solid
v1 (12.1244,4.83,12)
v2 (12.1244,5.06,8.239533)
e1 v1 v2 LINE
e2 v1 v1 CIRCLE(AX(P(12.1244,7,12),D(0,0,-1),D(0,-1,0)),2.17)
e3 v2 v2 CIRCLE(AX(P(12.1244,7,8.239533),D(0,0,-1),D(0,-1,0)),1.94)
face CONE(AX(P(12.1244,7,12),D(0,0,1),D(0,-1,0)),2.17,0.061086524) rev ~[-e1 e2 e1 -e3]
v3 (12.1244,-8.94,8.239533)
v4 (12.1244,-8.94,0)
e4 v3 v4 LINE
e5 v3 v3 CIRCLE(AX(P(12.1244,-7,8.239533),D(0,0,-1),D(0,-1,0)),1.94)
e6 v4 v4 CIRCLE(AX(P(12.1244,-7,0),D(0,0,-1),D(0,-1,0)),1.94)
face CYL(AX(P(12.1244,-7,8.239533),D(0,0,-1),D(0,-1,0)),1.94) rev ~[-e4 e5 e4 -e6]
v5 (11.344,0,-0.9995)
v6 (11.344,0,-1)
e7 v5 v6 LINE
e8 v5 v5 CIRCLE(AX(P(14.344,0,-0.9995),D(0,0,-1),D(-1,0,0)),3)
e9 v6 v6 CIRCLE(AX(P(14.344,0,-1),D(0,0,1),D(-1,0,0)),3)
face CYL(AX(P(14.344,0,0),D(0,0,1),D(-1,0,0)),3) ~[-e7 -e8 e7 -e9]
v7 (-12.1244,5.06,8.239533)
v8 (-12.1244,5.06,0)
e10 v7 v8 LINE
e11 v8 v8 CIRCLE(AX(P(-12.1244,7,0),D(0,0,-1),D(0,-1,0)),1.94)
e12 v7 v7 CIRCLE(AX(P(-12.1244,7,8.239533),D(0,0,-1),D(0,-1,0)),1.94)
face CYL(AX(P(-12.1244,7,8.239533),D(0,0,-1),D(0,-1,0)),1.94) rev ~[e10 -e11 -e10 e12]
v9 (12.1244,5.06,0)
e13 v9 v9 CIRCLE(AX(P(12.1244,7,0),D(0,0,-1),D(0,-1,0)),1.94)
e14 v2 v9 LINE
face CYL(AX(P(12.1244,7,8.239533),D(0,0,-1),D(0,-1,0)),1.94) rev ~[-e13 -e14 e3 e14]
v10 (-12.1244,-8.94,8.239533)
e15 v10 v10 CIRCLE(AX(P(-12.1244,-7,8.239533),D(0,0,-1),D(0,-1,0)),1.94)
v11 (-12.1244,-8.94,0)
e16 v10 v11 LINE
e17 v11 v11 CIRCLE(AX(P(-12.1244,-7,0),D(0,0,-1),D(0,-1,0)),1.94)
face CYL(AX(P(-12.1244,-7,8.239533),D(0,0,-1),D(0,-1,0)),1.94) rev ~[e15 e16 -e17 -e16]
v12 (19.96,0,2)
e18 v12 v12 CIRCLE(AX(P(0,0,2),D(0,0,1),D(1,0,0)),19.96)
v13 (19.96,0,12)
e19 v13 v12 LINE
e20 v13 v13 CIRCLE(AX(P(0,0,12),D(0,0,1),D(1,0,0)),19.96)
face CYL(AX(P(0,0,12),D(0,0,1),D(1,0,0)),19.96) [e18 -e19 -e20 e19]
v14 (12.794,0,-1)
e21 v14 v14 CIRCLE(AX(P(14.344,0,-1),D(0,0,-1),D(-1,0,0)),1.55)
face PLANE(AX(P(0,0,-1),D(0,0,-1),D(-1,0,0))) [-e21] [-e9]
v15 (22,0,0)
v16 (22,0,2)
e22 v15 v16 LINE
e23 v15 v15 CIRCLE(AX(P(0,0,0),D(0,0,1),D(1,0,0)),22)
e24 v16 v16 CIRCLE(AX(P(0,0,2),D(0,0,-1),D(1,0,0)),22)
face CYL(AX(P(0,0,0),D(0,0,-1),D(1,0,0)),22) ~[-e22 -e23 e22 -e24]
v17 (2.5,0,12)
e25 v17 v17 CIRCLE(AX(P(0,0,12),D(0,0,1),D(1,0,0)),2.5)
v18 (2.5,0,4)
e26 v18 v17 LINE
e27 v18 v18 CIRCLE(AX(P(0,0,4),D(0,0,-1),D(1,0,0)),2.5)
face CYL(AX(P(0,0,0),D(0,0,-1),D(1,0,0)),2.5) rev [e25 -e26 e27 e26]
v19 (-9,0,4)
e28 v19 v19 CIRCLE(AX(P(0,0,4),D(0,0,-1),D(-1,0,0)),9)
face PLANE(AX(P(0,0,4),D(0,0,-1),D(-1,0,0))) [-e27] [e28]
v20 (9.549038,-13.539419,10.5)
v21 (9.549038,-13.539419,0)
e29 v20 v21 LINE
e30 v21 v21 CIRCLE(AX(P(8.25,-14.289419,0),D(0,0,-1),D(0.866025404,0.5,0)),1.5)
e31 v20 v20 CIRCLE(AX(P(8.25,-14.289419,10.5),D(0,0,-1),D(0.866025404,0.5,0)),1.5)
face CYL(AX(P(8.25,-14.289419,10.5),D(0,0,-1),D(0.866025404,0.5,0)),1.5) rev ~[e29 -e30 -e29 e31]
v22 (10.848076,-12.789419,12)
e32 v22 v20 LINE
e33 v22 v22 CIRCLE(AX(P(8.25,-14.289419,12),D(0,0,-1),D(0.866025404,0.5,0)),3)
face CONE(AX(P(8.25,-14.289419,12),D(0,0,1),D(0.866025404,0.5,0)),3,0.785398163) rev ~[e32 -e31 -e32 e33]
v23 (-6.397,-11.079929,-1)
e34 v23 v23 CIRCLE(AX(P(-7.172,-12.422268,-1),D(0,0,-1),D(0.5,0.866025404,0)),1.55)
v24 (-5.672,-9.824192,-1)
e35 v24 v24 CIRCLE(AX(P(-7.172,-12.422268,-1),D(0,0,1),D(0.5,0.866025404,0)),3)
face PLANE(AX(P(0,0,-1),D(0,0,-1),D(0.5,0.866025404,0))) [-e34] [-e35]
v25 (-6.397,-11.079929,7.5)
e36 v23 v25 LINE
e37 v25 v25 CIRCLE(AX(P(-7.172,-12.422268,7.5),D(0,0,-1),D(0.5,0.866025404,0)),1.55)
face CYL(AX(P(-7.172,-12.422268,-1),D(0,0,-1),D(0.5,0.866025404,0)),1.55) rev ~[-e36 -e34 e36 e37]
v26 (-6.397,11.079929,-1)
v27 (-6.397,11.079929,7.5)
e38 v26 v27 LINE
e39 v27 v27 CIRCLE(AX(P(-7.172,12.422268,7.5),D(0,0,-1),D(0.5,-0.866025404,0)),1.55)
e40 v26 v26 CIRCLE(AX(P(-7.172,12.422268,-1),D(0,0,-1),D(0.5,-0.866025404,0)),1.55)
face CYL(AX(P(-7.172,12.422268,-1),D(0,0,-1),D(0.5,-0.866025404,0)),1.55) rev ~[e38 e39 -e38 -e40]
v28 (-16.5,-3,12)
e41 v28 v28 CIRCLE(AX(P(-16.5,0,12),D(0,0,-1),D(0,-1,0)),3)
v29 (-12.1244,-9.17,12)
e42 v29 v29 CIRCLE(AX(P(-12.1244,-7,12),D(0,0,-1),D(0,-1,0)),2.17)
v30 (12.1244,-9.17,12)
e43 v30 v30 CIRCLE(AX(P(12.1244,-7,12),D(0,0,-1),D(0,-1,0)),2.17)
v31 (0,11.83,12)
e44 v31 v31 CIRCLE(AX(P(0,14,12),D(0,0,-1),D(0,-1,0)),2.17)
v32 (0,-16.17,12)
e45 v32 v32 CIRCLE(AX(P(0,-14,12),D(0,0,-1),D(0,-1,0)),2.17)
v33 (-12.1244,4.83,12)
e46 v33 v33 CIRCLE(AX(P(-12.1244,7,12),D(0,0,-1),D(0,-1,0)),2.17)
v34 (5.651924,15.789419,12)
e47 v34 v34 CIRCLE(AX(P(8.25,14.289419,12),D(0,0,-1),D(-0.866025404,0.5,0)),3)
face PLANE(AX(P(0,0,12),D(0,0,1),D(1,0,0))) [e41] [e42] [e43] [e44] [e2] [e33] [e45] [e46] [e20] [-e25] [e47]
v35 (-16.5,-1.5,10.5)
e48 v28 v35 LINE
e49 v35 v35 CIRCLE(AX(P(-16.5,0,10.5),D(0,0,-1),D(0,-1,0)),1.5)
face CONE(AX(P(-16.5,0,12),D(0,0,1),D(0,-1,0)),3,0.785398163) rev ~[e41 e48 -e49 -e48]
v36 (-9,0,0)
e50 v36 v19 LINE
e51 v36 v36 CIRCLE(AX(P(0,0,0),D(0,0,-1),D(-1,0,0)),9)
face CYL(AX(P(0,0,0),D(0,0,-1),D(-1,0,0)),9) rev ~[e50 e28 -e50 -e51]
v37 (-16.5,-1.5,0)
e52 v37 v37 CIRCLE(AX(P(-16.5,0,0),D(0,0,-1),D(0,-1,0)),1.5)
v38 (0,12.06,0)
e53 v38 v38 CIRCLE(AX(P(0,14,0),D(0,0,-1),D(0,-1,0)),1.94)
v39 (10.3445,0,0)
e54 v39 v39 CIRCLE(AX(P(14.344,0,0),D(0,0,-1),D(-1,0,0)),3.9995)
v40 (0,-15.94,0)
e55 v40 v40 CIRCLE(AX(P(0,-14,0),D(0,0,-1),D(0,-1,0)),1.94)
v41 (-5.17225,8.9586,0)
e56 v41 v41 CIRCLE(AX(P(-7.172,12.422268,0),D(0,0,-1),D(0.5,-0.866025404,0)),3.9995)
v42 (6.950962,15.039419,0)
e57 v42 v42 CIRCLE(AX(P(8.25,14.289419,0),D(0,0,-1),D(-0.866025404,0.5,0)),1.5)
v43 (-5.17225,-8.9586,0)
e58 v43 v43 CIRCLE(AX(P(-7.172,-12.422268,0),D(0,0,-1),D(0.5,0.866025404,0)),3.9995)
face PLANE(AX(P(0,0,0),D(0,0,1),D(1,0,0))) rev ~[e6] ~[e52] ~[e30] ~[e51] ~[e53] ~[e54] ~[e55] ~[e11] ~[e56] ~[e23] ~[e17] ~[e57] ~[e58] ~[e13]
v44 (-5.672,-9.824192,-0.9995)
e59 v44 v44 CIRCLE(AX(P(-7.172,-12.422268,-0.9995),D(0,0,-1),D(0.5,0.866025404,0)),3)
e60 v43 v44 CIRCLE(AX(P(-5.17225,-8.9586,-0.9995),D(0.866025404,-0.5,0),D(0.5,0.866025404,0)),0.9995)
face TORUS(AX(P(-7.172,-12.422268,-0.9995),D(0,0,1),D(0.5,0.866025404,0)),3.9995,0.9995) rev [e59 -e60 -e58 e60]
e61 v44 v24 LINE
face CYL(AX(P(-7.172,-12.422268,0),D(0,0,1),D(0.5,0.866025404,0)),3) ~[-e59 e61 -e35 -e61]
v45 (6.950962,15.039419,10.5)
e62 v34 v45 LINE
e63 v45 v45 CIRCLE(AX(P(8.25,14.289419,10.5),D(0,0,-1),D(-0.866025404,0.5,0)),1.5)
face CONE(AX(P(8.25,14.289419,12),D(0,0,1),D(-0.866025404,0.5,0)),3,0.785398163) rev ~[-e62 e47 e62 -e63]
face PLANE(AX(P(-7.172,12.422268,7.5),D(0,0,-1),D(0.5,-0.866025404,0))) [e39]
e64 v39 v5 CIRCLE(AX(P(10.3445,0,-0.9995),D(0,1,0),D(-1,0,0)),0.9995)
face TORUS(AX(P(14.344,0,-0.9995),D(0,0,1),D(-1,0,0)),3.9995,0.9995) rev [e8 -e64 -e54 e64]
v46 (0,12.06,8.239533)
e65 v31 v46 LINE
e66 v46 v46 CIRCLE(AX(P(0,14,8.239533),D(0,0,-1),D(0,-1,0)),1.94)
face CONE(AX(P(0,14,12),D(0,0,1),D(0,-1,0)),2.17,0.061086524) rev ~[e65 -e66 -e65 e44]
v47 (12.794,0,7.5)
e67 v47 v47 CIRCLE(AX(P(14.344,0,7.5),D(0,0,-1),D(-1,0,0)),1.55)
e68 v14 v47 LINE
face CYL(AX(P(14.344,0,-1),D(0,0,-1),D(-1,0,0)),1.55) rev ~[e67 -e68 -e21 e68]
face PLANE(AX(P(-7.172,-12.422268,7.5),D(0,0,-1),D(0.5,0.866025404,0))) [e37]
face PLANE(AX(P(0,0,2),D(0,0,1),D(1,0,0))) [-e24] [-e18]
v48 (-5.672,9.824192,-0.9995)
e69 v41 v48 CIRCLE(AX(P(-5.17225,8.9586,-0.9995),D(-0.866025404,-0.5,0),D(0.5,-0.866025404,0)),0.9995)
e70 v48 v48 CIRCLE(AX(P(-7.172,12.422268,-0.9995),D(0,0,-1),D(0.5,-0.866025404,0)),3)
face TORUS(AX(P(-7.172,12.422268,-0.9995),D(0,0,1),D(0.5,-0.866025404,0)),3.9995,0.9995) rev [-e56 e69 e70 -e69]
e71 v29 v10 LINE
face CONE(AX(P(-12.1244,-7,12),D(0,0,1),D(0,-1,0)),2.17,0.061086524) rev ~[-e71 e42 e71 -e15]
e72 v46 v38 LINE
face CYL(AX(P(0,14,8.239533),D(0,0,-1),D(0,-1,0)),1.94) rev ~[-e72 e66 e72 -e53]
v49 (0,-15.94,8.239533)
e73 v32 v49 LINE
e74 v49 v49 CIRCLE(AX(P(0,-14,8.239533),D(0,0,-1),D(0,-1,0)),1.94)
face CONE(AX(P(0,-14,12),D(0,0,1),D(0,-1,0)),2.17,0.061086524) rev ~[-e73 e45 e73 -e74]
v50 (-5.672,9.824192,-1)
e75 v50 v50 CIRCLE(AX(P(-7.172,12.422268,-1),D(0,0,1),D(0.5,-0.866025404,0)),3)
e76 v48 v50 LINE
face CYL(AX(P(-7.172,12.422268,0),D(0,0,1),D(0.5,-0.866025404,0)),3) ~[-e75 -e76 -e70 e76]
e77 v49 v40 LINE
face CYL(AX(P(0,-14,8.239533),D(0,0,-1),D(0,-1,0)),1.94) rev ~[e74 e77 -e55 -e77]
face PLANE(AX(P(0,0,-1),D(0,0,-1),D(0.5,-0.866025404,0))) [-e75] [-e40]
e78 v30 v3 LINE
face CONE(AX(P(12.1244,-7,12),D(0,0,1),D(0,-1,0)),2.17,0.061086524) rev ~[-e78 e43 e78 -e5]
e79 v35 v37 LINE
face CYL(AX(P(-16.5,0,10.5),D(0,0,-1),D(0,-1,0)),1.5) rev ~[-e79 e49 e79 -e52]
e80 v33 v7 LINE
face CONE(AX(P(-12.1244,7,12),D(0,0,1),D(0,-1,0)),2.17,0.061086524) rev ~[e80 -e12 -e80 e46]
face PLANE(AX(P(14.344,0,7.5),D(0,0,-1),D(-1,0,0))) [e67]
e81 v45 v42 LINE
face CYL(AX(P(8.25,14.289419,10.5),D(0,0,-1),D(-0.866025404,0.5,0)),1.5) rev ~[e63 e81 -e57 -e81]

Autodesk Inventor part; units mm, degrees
ref_plane "YZ Plane" through (0, 0, 0) normal (1, 0, 0) x (0, 1, 0)
ref_plane "XZ Plane" through (0, 0, 0) normal (0, 1, 0) x (-1, 0, 0)
ref_plane "XY Plane" through (0, 0, 0) normal (0, 0, 1) x (1, 0, 0)
sketch "Sketch1" plane through (0, 0, 0) normal (0, 0, 1) x (1, 0, 0)
  circle A0 centre (0, 0) radius 22
  circle A1 centre (0, 0) radius 2.5
  dimension "d0" = 44
  dimension "d1" = 5
extrude "Extrusion1" add sketch "Sketch1" along normal blind 12
sketch "Sketch2" plane through (0, 0, 0) normal (0, 0, -1) x (-1, 0, 0)
  circle A0 centre (0, 0) radius 14.344
  circle A1 centre (-14.344, 0) radius 3
  dimension "d4" = 28.688
  dimension "d5" = 6
extrude "Extrusion2" add sketch "Sketch2" along normal blind 1 contours A1 A0 | A0 A1 picked at (-13.3207, 0) picked at (-15.3207, 0)
sketch "Sketch3" plane through (14.344, 0, -1) normal (0, 0, -1) x (-1, 0, 0)
  circle A0 centre (0, 0) radius 1.55
  point P0 (14.344, 0)
  dimension "d8" = 3.1
extrude "Extrusion3" cut sketch "Sketch3" against normal blind 8.5
fillet "Fillet1" radius 1 1 edges at (17.344, 0, 0)
pattern_circular "Circular Pattern1" count 3 over 360 about axis through (0, 0, 0) along (0, 0, 1) of "Extrusion2", "Extrusion3", "Fillet1"
sketch "Sketch4" plane through (0, 0, 12) normal (0, 0, 1) x (1, 0, 0)
  circle A0 centre (0, 0) radius 16.5
  circle A1 centre (-16.5, 0) radius 1.5
  line L0 (0, 0) -> (-23.5834, 0)
  dimension "d15" = 33
  dimension "d16" = 3
  dimension "d27" = 23.5834
  dimension "d28" = 0
hole "Hole1" at (-16.5, 0, 12) direction (0, 0, -1) diameter 3 end through all countersink diameter 6 countersink angle 90
pattern_circular "Circular Pattern2" count 3 over 360 about axis through (0, 0, 0) along (0, 0, 1) of "Hole1"
sketch "Sketch5" plane through (0, 0, 12) normal (0, 0, 1) x (1, 0, 0)
  circle A0 centre (0, 0) radius 14
  circle A1 centre (0, 14) radius 2
  circle A2 centre (-12.1244, 7) radius 2
  circle A3 centre (-12.1244, -7) radius 2
  circle A4 centre (0, -14) radius 2
  circle A5 centre (12.1244, -7) radius 2
  circle A6 centre (12.1244, 7) radius 2
  dimension "d29" = 28
  dimension "d30" = 4
  dimension "d33" = 360
hole "Hole2" at (-12.1244, 7, 12) at (-12.1244, -7, 12) at (0, -14, 12) at (12.1244, -7, 12) at (0, 14, 12) at (12.1244, 7, 12) direction (0, 0, -1) diameter 3.88 end through all countersink diameter 4.34 countersink angle 7
sketch "Sketch6" plane through (0, 0, 12) normal (0, 0, 1) x (1, 0, 0)
  circle A0 centre (0, 0) radius 19.96
  circle A1 centre (0, 0) radius 27.6965
  dimension "d42" = 39.92
extrude "Extrusion4" cut sketch "Sketch6" against normal blind 10
sketch "Sketch7" plane through (0, 0, 0) normal (0, 0, -1) x (-1, 0, 0)
  circle A0 centre (0, 0) radius 9
  dimension "d45" = 18
extrude "Extrusion5" cut sketch "Sketch7" against normal blind 4
properties part number "carrier_cover_13.792"
